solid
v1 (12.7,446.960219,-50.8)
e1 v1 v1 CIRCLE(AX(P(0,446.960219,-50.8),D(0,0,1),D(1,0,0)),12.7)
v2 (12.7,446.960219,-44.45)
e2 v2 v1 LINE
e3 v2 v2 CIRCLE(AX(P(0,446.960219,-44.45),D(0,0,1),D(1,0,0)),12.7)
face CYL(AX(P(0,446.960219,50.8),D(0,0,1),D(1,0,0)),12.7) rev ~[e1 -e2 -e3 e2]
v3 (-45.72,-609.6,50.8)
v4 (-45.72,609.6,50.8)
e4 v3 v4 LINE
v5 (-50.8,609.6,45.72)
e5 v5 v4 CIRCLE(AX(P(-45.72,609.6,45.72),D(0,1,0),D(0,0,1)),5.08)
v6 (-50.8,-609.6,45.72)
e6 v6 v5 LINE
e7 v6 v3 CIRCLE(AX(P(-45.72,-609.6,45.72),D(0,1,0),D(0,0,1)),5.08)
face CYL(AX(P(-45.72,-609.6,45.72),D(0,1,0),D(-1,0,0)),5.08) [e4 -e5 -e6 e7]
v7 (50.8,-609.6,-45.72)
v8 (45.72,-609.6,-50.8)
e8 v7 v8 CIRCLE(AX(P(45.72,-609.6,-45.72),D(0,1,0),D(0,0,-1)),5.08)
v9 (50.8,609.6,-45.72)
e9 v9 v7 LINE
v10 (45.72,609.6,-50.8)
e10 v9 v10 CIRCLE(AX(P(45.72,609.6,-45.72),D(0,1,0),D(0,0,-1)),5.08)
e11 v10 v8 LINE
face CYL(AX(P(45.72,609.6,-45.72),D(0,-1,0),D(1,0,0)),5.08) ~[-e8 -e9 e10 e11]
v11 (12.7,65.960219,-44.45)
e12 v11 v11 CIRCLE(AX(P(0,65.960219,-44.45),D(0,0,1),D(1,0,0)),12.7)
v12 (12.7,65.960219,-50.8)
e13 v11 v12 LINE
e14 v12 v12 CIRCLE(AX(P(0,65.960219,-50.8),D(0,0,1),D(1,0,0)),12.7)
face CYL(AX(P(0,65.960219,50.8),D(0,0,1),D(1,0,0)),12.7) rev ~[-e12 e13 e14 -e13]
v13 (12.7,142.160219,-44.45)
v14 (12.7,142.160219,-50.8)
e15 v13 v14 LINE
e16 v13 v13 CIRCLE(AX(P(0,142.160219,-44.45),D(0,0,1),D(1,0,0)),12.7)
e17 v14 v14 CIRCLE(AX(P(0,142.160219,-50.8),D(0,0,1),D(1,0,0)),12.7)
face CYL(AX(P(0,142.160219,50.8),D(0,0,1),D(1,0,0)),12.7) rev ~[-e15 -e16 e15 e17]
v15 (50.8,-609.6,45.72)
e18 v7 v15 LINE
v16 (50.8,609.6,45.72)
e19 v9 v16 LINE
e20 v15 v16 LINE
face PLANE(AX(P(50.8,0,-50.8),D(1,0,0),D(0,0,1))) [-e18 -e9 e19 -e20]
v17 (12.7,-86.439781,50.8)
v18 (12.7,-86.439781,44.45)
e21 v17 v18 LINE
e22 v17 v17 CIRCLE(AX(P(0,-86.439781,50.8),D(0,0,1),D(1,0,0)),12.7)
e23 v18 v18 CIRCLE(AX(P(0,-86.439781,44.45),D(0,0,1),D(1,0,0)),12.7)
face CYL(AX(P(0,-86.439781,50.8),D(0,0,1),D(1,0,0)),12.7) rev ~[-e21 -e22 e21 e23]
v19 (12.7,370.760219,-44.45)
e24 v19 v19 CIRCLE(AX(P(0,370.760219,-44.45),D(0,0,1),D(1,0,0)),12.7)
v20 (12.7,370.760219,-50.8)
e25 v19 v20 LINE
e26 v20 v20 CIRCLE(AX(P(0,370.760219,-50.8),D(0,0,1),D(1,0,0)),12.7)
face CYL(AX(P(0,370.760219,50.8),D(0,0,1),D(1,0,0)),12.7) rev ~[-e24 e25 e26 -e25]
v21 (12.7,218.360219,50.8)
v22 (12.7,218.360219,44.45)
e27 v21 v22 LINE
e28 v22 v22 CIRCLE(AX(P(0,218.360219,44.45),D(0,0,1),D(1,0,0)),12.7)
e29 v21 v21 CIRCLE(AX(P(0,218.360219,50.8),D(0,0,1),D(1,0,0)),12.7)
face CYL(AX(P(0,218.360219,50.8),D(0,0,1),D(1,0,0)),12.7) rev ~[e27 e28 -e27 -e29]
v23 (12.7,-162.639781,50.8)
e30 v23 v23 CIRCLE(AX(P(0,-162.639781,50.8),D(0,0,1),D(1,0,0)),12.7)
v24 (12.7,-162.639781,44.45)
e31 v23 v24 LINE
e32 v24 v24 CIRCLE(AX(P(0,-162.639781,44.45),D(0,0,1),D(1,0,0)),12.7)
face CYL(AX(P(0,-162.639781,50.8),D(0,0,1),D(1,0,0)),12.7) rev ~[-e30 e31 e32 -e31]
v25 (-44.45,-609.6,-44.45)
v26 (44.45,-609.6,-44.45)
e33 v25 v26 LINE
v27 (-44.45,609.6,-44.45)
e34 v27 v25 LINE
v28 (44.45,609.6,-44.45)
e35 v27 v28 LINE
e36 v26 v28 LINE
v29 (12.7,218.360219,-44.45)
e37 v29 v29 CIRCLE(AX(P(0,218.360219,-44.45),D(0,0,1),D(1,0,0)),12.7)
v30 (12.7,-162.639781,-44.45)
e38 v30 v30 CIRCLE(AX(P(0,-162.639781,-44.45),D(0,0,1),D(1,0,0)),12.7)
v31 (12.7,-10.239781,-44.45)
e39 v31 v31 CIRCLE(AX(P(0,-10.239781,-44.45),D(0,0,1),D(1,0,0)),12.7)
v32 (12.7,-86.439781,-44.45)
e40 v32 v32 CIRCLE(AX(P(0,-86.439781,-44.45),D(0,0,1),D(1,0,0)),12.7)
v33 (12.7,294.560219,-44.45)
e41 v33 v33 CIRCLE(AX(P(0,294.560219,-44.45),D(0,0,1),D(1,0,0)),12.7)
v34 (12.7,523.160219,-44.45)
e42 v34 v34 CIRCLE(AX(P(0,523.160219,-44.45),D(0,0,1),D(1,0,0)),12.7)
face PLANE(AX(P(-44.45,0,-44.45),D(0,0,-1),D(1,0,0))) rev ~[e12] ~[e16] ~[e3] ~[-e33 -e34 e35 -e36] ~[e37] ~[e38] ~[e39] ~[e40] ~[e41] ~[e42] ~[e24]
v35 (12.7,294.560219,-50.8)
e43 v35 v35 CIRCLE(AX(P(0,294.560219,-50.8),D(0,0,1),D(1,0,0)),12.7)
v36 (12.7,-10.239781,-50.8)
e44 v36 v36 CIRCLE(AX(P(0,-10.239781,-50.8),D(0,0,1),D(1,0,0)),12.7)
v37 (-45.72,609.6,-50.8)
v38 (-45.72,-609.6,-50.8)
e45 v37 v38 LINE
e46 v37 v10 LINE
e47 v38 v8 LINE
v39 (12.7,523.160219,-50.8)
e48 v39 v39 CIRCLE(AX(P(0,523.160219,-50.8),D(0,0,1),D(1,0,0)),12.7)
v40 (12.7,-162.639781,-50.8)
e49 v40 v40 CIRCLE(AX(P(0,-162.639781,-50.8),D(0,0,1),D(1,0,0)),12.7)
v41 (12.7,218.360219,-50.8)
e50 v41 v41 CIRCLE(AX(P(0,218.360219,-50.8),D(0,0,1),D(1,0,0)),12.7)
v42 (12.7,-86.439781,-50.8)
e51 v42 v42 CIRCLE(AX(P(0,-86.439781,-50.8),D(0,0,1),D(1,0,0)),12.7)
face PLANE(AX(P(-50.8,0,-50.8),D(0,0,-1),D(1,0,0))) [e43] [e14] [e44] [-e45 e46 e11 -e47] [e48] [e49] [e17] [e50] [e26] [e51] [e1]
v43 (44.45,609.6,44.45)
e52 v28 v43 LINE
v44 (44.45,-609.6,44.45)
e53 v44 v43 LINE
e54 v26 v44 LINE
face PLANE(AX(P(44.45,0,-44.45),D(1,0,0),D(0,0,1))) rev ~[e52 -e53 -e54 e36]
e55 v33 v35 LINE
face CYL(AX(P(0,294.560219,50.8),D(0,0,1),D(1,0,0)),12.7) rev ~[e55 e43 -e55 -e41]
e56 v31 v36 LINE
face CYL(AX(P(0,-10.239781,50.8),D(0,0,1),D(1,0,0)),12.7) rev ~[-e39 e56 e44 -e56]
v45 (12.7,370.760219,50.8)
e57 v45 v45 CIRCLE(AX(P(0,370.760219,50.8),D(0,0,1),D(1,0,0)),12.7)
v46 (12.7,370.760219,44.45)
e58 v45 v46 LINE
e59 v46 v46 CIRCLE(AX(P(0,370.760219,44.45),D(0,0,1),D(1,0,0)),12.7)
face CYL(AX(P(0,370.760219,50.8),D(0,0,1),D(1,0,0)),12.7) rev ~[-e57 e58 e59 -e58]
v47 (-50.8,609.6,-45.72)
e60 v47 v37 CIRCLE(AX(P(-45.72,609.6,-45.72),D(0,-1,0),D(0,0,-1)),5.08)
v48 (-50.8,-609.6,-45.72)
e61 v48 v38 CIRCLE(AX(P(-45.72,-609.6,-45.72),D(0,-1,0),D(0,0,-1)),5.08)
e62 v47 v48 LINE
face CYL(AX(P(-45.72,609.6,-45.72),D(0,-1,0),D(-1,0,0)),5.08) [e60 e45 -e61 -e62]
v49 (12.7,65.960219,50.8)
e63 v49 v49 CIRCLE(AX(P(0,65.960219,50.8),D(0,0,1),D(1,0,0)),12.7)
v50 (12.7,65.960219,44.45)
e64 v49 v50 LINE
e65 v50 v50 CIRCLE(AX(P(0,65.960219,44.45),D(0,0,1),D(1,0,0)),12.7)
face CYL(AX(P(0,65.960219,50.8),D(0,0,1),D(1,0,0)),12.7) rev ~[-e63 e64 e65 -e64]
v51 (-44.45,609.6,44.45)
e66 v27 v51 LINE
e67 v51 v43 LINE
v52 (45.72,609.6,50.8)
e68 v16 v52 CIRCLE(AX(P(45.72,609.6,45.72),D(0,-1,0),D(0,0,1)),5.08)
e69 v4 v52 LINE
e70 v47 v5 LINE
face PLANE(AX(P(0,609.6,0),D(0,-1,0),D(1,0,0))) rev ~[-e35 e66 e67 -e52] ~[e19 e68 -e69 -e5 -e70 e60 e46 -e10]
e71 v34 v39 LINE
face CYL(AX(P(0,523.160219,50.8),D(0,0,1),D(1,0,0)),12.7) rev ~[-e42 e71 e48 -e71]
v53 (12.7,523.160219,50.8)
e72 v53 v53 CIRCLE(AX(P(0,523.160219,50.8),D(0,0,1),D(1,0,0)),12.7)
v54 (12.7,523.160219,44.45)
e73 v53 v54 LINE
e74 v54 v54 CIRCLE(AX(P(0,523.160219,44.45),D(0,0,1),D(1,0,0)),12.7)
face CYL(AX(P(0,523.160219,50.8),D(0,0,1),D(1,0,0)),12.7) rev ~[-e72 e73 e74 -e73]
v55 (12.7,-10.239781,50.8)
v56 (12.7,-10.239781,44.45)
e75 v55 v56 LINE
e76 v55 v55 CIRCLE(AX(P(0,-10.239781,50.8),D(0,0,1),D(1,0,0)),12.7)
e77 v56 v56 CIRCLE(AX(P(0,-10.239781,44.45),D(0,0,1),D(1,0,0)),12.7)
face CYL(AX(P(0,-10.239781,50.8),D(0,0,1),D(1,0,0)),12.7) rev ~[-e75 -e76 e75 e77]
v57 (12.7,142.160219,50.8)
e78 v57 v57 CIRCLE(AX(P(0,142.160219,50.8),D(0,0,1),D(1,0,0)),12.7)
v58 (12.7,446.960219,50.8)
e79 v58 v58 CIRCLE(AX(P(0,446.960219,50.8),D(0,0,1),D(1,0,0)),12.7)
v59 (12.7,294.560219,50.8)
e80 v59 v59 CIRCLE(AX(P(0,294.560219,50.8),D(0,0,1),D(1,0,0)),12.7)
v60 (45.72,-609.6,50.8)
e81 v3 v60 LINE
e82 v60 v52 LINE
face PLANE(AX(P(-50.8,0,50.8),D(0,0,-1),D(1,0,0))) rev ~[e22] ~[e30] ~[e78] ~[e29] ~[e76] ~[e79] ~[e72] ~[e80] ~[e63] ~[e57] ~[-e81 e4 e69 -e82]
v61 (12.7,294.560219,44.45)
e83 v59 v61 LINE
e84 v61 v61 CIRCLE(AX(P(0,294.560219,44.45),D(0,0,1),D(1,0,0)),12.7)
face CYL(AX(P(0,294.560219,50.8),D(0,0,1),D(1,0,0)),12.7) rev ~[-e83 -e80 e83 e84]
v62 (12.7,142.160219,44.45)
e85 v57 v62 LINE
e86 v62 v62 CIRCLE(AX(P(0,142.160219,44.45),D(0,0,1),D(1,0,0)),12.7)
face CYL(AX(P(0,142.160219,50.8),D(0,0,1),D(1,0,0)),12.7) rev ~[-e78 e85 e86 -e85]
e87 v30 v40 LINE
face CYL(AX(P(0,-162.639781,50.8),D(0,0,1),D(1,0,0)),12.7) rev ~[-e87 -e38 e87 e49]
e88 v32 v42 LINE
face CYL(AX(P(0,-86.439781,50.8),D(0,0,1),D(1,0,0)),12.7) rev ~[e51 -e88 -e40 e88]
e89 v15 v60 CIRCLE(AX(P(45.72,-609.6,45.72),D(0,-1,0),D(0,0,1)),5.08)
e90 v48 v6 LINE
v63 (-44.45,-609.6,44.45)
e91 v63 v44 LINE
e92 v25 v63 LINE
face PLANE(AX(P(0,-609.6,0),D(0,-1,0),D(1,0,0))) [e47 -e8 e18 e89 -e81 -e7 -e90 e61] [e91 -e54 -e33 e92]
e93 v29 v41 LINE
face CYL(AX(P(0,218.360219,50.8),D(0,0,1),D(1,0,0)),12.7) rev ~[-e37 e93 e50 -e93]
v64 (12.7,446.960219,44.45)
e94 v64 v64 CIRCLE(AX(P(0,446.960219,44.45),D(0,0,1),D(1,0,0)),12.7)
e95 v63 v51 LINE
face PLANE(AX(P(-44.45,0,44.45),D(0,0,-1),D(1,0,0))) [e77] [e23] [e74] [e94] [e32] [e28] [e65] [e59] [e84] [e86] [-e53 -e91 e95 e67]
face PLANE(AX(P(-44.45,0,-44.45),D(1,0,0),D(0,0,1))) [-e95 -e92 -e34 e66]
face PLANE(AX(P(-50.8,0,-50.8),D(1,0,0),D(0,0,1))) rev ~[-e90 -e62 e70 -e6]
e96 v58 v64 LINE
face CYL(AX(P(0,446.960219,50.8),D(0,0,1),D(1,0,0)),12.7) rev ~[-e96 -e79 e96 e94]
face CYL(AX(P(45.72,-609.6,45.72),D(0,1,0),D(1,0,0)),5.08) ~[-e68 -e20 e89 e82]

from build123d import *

# Parameters (mm, degrees)
F0_W     = 101.6
F0_H     = 101.6
F0_W_2   = 88.9
F0_H_2   = 88.9
F1_DEPTH = 609.6
F2_R     = 5.08
F3_R     = 12.7
F4_DEPTH = 101.601


with BuildPart() as f1:
    # F0 (on Front) → F1 (new body, symmetric)
    with BuildSketch(Plane.XZ):
        Rectangle(F0_W, F0_H)
        Rectangle(F0_W_2, F0_H_2, mode=Mode.SUBTRACT)
    extrude(amount=F1_DEPTH, both=True)

    # F2
    f2_edges = [f1.edges().sort_by_distance(p)[0] for p in [
        (-50.8, 0, 50.8),
        (50.8, 0, 50.8),
        (50.8, 0, -50.8),
        (-50.8, 0, -50.8),
    ]]
    fillet(f2_edges, radius=F2_R)

    # F3 (on face) → F4 (cut, through all)
    with BuildSketch(Plane.XY.offset(50.8)):
        with Locations((0, 523.160219)):
            Circle(F3_R)
        with Locations((0, 446.960219)):
            Circle(F3_R)
        with Locations((0, 370.760219)):
            Circle(F3_R)
        with Locations((0, 294.560219)):
            Circle(F3_R)
        with Locations((0, 218.360219)):
            Circle(F3_R)
        with Locations((0, 142.160219)):
            Circle(F3_R)
        with Locations((0, 65.960219)):
            Circle(F3_R)
        with Locations((0, -10.239781)):
            Circle(F3_R)
        with Locations((0, -86.439781)):
            Circle(F3_R)
        with Locations((0, -162.639781)):
            Circle(F3_R)
    extrude(amount=-F4_DEPTH, mode=Mode.SUBTRACT)


solid = f1.part
